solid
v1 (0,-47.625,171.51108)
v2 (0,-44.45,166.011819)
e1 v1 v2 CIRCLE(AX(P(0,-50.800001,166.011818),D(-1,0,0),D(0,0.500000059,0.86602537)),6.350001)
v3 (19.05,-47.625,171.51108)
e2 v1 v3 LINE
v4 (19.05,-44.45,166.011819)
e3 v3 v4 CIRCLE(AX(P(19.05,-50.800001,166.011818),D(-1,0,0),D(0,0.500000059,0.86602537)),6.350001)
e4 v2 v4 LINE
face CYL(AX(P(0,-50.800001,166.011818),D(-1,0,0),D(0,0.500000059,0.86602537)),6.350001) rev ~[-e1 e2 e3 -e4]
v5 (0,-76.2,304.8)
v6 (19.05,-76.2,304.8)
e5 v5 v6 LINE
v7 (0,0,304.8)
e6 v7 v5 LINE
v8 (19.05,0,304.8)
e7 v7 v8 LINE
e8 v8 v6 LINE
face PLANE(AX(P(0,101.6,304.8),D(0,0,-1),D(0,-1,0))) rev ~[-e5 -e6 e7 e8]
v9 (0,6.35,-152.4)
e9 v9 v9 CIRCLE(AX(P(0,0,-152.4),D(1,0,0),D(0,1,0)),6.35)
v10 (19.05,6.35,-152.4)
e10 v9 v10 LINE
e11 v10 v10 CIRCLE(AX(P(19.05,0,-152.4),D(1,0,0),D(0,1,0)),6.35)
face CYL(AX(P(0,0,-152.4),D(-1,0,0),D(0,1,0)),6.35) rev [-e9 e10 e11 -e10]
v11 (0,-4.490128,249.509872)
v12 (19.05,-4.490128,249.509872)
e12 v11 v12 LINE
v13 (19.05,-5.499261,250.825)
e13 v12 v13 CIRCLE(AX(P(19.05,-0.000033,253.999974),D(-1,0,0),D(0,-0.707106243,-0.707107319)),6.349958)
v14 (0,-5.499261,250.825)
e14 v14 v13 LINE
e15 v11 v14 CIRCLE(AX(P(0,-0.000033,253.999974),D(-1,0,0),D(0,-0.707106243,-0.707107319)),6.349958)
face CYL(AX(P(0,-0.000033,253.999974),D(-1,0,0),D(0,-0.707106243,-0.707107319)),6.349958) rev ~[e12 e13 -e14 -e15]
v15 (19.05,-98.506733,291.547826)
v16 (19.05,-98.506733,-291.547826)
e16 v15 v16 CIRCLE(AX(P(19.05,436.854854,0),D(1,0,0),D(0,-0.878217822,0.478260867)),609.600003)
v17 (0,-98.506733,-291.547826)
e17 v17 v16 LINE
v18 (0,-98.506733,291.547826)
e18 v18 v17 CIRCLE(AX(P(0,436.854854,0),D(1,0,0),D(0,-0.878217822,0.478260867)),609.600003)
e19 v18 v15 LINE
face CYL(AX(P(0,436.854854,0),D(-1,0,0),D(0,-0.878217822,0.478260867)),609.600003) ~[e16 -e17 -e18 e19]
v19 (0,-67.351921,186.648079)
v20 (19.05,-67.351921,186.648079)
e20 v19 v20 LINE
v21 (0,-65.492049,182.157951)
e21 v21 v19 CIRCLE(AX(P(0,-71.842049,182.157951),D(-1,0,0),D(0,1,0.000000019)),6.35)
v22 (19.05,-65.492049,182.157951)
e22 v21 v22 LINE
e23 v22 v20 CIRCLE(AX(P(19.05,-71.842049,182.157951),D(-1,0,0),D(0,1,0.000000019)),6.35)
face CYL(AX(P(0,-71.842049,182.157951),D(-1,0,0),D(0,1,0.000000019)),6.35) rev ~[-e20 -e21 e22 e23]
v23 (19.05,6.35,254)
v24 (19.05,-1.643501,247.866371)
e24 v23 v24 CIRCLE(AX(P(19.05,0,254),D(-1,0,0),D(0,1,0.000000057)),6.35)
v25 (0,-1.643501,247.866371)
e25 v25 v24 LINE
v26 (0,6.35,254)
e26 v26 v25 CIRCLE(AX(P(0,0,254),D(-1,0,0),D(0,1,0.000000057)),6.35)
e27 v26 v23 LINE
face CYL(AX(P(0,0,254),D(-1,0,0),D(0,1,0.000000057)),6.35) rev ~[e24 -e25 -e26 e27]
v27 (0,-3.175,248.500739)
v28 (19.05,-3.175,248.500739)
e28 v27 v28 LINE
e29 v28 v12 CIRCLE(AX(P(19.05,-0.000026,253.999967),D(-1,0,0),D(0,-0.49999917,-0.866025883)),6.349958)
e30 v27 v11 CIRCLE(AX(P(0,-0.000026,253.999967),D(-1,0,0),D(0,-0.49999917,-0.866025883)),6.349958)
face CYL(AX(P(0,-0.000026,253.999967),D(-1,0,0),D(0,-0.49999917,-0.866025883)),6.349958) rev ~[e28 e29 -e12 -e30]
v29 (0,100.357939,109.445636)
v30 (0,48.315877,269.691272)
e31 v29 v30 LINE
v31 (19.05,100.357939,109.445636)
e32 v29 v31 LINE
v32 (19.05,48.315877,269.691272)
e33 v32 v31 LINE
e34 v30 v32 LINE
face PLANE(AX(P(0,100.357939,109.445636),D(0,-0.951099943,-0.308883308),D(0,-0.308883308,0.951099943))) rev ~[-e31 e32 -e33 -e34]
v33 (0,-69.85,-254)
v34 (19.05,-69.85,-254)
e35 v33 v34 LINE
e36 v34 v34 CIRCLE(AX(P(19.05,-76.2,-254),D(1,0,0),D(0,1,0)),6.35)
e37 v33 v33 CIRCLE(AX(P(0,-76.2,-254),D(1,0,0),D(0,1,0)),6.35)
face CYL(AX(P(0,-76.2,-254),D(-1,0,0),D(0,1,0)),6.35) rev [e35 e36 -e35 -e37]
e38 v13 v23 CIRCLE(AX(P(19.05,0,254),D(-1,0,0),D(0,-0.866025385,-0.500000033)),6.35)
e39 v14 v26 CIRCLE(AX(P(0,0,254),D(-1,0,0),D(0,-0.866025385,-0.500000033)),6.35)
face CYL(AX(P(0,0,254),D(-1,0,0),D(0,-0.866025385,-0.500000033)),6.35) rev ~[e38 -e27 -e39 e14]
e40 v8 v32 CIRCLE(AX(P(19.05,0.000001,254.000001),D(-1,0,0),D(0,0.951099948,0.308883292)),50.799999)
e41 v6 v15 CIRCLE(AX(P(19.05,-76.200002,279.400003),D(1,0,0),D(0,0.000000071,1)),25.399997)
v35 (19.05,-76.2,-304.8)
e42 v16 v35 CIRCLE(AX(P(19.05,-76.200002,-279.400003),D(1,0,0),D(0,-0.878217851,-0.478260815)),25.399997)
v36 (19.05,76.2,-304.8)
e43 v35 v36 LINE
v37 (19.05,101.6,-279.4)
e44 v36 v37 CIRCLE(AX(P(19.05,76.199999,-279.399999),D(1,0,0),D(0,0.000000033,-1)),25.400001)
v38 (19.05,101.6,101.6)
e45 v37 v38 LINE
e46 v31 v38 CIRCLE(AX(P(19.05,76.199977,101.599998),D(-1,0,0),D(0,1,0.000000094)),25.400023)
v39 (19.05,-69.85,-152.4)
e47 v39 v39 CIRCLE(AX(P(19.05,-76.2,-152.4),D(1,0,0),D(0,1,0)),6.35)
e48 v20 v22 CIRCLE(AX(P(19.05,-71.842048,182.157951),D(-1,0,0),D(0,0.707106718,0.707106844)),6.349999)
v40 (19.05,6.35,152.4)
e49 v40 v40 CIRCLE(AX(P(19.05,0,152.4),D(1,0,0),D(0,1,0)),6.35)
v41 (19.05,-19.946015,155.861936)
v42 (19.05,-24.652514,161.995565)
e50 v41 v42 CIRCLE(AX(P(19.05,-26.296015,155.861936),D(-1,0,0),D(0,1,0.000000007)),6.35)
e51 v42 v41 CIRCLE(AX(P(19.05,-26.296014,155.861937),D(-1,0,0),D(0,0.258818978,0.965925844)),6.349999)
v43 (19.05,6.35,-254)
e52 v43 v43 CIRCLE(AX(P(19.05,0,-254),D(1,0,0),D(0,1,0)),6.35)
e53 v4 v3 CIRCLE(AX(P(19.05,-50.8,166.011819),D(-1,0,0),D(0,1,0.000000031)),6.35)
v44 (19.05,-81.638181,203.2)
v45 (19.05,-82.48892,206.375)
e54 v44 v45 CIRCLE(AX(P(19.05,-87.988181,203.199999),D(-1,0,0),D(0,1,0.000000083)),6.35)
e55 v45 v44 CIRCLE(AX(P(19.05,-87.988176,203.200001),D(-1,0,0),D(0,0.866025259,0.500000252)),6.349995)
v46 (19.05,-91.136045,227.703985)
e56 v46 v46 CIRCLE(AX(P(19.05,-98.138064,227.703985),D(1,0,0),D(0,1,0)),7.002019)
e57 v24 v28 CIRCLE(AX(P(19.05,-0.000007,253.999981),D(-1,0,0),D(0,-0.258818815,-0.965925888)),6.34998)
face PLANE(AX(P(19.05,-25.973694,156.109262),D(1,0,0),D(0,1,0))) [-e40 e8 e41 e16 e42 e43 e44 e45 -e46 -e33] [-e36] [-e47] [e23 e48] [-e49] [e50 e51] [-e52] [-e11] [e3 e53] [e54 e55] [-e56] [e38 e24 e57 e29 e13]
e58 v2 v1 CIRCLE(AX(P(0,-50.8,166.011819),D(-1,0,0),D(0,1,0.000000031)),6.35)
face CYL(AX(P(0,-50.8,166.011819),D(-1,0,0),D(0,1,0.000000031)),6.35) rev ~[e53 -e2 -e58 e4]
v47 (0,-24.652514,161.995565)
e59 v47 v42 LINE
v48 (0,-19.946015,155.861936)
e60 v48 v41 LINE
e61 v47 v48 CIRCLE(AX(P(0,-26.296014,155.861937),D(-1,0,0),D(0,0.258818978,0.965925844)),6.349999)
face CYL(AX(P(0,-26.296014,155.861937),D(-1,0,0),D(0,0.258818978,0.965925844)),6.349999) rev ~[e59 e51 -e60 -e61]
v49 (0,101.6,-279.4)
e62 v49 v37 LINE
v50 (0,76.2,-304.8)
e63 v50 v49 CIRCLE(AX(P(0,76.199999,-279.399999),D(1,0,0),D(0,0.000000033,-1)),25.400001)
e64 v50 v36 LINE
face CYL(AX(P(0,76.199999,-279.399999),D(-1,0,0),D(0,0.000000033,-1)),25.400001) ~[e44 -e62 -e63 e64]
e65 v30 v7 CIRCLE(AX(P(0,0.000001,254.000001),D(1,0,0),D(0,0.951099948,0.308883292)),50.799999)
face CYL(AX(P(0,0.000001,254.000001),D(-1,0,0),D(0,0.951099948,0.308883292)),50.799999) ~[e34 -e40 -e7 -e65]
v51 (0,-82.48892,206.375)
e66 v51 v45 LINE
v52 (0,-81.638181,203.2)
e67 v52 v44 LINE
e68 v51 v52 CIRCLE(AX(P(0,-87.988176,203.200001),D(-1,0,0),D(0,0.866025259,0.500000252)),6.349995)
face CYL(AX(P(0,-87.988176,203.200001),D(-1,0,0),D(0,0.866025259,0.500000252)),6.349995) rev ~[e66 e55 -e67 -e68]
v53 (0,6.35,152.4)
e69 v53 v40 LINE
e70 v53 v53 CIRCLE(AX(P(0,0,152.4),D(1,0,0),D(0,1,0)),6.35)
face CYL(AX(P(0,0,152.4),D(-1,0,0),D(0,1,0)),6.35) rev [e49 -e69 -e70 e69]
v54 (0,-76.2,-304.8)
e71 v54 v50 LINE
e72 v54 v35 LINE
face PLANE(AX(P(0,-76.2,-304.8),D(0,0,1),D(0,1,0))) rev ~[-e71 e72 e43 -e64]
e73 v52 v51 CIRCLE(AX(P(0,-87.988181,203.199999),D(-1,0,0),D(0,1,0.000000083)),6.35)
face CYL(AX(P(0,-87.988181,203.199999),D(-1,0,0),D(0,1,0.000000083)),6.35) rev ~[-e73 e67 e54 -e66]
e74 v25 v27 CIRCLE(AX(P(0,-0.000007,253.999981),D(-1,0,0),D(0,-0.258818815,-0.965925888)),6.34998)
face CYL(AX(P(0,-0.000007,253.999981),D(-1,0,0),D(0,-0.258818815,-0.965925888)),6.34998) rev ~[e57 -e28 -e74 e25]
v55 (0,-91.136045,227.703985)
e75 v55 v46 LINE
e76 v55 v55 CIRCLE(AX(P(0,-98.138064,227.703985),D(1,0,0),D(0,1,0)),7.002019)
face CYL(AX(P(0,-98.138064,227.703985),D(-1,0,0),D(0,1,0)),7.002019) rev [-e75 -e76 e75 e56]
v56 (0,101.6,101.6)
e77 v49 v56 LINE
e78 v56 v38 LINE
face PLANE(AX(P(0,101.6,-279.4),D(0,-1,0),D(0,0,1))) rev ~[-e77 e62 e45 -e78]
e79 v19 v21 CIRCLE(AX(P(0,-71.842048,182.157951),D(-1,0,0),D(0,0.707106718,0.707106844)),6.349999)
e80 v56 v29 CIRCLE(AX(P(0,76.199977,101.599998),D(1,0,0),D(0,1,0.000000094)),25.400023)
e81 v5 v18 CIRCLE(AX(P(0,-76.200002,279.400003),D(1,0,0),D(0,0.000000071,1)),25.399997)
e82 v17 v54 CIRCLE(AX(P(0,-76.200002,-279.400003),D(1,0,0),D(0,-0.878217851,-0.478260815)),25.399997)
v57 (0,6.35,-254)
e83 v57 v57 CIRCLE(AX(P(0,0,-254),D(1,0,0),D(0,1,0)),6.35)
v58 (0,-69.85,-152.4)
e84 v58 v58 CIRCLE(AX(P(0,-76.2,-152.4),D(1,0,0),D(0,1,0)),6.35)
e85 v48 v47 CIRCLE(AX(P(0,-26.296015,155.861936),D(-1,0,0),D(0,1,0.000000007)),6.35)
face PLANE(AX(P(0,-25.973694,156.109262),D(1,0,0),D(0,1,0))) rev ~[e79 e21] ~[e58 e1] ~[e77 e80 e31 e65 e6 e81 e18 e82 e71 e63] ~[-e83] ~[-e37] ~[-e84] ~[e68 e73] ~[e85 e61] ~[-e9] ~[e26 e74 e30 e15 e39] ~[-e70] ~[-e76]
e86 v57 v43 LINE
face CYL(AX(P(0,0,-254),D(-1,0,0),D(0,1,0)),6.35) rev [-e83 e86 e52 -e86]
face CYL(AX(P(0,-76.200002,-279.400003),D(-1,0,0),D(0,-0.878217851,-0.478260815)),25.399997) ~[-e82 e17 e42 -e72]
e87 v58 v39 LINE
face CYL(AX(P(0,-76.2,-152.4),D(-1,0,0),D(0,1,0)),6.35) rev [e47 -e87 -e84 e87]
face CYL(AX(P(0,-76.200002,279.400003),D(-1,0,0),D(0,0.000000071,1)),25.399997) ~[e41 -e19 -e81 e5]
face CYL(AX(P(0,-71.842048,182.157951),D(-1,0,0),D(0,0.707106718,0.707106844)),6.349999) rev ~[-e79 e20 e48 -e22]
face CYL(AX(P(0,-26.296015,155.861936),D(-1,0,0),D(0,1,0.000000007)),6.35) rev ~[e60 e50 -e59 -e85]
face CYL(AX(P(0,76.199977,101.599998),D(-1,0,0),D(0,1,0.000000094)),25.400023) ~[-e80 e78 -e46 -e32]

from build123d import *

# Parameters (mm, degrees)
F0_R     = 6.35
F0_R_2   = 7.002019
F1_DEPTH = 19.05
F3_DEPTH = 19.051


with BuildPart() as f1:
    # F0 (on Right) → F1 (new body)
    with BuildSketch(Plane.YZ):
        with BuildLine():
            ThreePointArc((-19.946015, 155.861936), (-21.258221, 159.727571), (-24.652514, 161.995565))
            ThreePointArc((-24.652514, 161.995565), (-31.333809, 151.996301), (-19.946015, 155.861936))
        make_face()
        with BuildLine():
            ThreePointArc((-44.45, 166.011819), (-45.300739, 169.186819), (-47.625, 171.51108))
            ThreePointArc((-47.625, 171.51108), (-56.299261, 162.836819), (-44.45, 166.011819))
        make_face()
        with BuildLine():
            ThreePointArc((-65.492049, 182.157951), (-65.975414, 184.587991), (-67.351921, 186.648079))
            ThreePointArc((-67.351921, 186.648079), (-77.708684, 179.727911), (-65.492049, 182.157951))
        make_face()
        with BuildLine():
            ThreePointArc((-81.638181, 203.2), (-81.854552, 204.843501), (-82.48892, 206.375))
            ThreePointArc((-82.48892, 206.375), (-94.12181, 201.556499), (-81.638181, 203.2))
        make_face()
        with BuildLine():
            Line((-76.2, -304.8), (76.2, -304.8))
            ThreePointArc((76.2, -304.8), (94.160512, -297.360512), (101.6, -279.4))
            Line((101.6, -279.4), (101.6, 304.8))
            Line((101.6, 304.8), (-76.2, 304.8))
            ThreePointArc((-76.2, 304.8), (-89.17315, 301.237065), (-98.506733, 291.547826))
            ThreePointArc((-98.506733, 291.547826), (-172.745149, 0), (-98.506733, -291.547826))
            ThreePointArc((-98.506733, -291.547826), (-89.17315, -301.237065), (-76.2, -304.8))
        make_face()
        with Locations((-76.2, -254)):
            Circle(F0_R, mode=Mode.SUBTRACT)
        with Locations((-76.2, -152.4)):
            Circle(F0_R, mode=Mode.SUBTRACT)
        with Locations((0, -254)):
            Circle(F0_R, mode=Mode.SUBTRACT)
        with Locations((0, -152.4)):
            Circle(F0_R, mode=Mode.SUBTRACT)
        with BuildLine():
            ThreePointArc((-65.492049, 182.157951), (-77.708684, 179.727911), (-67.351921, 186.648079))
            ThreePointArc((-67.351921, 186.648079), (-65.975414, 184.587991), (-65.492049, 182.157951))
        make_face(mode=Mode.SUBTRACT)
        with BuildLine():
            ThreePointArc((-81.638181, 203.2), (-94.12181, 201.556499), (-82.48892, 206.375))
            ThreePointArc((-82.48892, 206.375), (-81.854552, 204.843501), (-81.638181, 203.2))
        make_face(mode=Mode.SUBTRACT)
        with Locations((-98.138064, 227.703985)):
            Circle(F0_R_2, mode=Mode.SUBTRACT)
        with BuildLine():
            ThreePointArc((-44.45, 166.011819), (-56.299261, 162.836819), (-47.625, 171.51108))
            ThreePointArc((-47.625, 171.51108), (-45.300739, 169.186819), (-44.45, 166.011819))
        make_face(mode=Mode.SUBTRACT)
        with Locations((0, 152.4)):
            Circle(F0_R, mode=Mode.SUBTRACT)
        with BuildLine():
            ThreePointArc((-19.946015, 155.861936), (-31.333809, 151.996301), (-24.652514, 161.995565))
            ThreePointArc((-24.652514, 161.995565), (-21.258221, 159.727571), (-19.946015, 155.861936))
        make_face(mode=Mode.SUBTRACT)
        with BuildLine():
            ThreePointArc((-5.499261, 250.825), (-1.643501, 260.133629), (6.35, 254))
            ThreePointArc((6.35, 254), (3.865635, 248.962206), (-1.643501, 247.866371))
            ThreePointArc((-1.643501, 247.866371), (-2.43004, 248.133365), (-3.175, 248.500739))
            ThreePointArc((-3.175, 248.500739), (-3.865635, 248.962206), (-4.490128, 249.509872))
            ThreePointArc((-4.490128, 249.509872), (-5.037794, 250.134365), (-5.499261, 250.825))
        make_face(mode=Mode.SUBTRACT)
    extrude(amount=F1_DEPTH)

    # F2 (on face) → F3 (cut, through all)
    with BuildSketch(Plane(origin=(0, 0, 0), x_dir=(0, -1, 0), z_dir=(-1, 0, 0))):
        with BuildLine():
            ThreePointArc((-48.315877, 269.691272), (-29.862379, 295.095965), (0, 304.8))
            Line((0, 304.8), (-101.6, 304.8))
            Line((-101.6, 304.8), (-101.6, 101.6))
            ThreePointArc((-101.6, 101.6), (-101.287563, 105.571672), (-100.357939, 109.445636))
            Line((-100.357939, 109.445636), (-48.315877, 269.691272))
        make_face()
    extrude(amount=-F3_DEPTH, mode=Mode.SUBTRACT)


solid = f1.part
